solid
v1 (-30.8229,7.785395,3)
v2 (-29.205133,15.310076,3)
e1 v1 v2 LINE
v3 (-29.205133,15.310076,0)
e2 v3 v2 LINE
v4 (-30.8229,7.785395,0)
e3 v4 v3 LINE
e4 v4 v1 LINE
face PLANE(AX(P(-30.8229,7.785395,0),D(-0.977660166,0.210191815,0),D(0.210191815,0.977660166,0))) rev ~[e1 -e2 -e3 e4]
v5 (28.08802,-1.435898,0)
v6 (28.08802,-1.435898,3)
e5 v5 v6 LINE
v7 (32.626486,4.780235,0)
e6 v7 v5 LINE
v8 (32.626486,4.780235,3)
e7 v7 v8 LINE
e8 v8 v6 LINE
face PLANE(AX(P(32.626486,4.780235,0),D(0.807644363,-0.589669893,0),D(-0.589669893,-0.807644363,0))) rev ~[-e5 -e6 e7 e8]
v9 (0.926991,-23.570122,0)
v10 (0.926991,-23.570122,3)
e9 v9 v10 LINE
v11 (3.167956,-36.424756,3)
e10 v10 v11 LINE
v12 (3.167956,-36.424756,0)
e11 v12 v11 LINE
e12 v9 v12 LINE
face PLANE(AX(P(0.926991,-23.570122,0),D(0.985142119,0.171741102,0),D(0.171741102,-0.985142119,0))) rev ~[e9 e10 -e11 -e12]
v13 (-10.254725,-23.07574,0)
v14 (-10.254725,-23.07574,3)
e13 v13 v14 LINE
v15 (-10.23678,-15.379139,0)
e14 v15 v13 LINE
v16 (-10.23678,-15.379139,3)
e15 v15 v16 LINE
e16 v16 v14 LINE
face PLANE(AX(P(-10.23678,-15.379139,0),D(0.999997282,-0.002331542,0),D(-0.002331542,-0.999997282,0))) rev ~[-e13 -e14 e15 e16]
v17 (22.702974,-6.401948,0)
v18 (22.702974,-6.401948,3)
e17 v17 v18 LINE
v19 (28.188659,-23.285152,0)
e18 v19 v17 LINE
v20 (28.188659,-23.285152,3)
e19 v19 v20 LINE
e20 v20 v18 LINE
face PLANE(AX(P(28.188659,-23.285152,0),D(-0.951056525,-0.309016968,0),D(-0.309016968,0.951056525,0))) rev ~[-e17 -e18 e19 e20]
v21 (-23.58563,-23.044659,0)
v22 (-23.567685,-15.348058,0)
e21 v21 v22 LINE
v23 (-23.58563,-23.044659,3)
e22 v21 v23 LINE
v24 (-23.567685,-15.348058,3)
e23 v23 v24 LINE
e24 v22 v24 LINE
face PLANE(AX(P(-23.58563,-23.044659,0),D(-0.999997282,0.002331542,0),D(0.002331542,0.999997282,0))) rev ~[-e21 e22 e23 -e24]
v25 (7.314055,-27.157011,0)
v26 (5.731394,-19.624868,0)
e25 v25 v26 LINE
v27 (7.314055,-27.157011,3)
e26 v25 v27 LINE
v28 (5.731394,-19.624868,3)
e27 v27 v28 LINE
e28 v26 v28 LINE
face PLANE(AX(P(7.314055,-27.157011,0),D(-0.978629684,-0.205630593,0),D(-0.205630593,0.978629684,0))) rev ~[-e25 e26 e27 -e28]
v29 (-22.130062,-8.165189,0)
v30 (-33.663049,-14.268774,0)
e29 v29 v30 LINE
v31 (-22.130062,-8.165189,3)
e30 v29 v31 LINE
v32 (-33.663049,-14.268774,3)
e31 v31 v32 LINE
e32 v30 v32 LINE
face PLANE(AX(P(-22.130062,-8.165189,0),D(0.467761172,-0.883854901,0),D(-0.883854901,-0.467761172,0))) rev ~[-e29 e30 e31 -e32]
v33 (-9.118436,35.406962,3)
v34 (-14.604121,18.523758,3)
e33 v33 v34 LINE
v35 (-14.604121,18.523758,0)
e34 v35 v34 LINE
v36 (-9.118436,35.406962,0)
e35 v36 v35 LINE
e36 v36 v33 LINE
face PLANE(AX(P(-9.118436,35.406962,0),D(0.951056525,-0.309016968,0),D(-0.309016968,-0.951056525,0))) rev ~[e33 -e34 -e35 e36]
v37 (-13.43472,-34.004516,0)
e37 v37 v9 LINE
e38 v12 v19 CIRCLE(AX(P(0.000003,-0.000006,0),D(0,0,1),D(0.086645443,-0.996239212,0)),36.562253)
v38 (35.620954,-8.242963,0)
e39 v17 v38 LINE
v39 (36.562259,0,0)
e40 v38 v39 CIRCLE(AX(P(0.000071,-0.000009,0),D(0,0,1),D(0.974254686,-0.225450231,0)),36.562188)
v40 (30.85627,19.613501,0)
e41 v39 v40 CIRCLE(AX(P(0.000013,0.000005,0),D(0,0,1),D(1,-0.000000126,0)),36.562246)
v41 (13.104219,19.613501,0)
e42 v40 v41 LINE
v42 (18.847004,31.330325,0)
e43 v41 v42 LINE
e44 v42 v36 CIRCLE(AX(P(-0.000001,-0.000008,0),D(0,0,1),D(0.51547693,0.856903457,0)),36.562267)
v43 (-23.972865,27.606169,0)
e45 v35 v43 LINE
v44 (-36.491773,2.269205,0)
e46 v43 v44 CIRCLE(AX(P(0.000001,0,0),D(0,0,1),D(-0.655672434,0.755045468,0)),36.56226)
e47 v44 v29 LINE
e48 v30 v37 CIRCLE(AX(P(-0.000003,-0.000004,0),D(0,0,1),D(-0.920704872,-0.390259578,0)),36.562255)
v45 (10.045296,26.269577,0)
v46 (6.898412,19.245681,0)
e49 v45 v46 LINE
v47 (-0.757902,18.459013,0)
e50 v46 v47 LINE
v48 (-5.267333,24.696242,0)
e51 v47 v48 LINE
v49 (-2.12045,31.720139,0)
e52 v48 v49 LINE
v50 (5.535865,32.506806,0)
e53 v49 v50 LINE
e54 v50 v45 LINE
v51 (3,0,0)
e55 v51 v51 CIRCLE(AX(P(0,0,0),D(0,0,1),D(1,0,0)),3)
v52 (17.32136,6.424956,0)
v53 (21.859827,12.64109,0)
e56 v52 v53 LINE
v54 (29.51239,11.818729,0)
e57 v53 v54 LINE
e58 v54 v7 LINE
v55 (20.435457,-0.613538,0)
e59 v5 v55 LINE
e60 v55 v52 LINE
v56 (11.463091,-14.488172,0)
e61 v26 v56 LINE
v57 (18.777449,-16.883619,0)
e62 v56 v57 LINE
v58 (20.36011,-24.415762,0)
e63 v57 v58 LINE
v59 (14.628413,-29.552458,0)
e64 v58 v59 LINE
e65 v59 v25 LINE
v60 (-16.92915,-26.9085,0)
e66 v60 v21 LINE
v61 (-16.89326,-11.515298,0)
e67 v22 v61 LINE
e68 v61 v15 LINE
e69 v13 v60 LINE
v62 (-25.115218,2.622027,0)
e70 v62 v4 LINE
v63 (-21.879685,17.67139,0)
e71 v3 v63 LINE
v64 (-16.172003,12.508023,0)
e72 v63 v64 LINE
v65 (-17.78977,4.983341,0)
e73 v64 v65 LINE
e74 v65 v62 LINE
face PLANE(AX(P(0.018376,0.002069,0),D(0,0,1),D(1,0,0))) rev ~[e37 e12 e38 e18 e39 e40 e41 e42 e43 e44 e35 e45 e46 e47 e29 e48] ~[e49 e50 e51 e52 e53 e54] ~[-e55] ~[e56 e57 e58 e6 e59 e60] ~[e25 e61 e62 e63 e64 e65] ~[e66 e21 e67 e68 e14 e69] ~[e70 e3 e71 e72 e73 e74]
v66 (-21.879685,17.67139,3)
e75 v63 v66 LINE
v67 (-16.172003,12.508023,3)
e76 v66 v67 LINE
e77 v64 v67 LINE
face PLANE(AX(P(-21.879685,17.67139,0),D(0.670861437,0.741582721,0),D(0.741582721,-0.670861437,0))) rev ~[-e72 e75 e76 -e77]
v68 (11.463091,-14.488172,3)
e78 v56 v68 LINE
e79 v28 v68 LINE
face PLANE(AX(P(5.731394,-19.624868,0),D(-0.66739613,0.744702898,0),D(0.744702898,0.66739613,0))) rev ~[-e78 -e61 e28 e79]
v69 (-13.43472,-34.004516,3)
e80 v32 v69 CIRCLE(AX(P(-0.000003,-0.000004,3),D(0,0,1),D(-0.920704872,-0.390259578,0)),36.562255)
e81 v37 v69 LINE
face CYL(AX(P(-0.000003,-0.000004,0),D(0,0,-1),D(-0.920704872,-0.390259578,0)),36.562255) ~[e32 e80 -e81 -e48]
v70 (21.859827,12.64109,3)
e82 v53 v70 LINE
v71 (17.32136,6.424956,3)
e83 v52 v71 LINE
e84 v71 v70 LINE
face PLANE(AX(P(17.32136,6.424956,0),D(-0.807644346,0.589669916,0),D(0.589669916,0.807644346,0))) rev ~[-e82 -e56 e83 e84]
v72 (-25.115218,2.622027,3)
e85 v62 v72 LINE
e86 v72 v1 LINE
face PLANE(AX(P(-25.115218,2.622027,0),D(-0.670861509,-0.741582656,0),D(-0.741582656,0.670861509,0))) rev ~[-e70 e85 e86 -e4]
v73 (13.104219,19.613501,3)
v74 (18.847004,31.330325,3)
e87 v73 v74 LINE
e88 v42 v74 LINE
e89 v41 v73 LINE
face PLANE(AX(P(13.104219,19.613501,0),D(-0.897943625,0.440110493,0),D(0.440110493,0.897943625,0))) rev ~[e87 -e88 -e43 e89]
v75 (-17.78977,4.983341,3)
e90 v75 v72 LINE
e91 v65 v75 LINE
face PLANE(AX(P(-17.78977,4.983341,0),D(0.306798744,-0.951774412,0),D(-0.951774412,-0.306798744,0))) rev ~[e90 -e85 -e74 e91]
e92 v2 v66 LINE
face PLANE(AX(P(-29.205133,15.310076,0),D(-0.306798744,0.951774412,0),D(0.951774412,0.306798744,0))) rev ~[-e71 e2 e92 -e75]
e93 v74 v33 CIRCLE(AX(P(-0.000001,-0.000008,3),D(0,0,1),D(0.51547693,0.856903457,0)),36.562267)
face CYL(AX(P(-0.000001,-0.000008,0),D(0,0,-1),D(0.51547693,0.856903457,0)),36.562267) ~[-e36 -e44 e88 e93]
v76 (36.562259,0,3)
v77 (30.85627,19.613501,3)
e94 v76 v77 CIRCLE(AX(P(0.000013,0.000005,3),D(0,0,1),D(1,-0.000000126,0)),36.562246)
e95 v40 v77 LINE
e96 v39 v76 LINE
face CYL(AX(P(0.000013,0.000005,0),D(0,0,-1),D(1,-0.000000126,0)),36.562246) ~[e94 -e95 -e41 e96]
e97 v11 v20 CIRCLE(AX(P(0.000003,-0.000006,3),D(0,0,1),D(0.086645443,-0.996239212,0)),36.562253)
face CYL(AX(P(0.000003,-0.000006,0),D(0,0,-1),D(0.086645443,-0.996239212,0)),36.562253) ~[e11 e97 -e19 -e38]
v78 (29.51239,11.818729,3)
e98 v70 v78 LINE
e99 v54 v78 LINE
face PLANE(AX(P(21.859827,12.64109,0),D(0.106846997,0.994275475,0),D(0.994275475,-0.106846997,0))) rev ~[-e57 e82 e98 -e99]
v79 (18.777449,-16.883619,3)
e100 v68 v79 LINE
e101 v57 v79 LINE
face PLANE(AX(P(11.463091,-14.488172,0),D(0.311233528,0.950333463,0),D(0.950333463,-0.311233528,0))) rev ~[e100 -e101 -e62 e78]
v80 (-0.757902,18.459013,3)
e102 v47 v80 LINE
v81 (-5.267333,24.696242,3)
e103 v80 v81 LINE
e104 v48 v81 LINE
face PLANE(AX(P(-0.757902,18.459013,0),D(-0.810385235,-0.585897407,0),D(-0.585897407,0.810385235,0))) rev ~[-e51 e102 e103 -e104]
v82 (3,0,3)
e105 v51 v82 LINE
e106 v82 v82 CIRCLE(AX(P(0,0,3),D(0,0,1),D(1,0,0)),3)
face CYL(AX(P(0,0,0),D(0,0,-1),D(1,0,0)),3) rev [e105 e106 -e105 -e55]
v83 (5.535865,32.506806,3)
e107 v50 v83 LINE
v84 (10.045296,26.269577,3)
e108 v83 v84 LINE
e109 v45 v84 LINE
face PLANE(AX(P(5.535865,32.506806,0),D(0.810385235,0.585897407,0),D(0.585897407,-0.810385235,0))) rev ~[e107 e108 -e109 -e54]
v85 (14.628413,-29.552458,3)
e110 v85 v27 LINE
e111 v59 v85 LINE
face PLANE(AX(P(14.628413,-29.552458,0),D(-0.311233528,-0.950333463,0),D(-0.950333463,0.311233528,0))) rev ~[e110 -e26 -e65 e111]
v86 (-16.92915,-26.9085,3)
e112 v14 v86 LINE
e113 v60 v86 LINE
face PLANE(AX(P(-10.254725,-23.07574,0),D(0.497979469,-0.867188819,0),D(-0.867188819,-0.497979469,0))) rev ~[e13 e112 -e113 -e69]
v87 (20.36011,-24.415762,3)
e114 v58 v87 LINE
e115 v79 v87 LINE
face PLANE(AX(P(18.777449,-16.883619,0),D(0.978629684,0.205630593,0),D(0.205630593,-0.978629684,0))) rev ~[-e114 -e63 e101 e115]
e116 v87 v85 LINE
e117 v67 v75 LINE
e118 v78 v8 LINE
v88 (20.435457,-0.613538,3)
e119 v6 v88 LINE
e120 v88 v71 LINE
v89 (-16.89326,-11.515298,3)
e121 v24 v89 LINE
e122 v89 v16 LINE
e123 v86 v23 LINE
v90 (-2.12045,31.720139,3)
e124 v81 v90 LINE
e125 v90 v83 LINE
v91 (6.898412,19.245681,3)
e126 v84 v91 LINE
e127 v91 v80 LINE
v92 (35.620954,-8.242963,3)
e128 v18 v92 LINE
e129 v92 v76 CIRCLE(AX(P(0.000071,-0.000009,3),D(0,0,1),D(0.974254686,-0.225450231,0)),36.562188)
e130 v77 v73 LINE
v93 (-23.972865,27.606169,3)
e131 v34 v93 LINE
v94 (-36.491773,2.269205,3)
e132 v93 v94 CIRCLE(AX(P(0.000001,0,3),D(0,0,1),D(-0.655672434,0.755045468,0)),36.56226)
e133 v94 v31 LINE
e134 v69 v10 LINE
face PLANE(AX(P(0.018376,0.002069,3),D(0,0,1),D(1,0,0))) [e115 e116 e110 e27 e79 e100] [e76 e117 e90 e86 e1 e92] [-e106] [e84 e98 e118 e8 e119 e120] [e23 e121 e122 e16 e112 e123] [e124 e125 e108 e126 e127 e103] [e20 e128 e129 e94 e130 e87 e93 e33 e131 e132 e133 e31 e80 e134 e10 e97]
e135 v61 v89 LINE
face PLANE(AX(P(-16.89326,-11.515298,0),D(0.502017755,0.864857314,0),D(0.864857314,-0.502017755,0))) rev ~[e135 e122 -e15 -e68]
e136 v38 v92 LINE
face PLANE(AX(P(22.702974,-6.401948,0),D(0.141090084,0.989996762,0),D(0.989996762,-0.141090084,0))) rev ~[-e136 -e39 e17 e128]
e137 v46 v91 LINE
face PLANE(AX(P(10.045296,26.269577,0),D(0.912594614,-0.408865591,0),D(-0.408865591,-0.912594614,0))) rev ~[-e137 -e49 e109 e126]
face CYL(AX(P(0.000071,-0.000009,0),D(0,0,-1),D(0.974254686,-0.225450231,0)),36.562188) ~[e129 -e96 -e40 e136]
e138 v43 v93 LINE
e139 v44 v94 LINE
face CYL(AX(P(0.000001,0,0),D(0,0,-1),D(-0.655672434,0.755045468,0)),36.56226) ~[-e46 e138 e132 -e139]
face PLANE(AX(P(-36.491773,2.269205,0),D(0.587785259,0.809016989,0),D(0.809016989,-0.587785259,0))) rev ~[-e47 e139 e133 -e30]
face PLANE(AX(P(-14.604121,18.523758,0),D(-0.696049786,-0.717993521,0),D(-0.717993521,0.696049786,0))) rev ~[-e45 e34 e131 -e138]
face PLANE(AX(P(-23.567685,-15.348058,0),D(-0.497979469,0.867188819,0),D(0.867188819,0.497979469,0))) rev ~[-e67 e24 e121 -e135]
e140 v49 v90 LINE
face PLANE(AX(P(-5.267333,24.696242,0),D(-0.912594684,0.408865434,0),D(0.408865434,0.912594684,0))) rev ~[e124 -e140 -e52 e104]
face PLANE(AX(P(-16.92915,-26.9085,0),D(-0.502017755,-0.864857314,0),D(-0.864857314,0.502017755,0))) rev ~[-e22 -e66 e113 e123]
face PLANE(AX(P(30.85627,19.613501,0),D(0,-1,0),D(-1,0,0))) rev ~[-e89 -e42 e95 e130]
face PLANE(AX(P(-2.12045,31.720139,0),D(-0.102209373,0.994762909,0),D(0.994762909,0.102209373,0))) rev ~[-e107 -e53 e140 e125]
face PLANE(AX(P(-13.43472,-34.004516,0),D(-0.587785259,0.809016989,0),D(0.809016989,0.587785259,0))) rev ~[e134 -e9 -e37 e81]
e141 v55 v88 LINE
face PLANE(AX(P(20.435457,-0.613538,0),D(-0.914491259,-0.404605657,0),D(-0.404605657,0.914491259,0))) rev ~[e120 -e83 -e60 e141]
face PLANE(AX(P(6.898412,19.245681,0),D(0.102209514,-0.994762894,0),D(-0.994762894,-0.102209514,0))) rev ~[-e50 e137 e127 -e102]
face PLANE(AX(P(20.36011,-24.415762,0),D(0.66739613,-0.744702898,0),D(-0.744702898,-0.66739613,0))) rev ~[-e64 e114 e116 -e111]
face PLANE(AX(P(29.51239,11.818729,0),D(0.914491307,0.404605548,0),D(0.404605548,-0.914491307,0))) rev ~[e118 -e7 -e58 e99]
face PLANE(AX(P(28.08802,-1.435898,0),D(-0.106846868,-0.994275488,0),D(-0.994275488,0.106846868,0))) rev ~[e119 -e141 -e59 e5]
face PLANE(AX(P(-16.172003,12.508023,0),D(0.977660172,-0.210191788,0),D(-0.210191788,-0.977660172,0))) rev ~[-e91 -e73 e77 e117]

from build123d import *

# Parameters (mm, degrees)
F0_R     = 3
F1_DEPTH = 3


with BuildPart() as f1:
    # F0 (on Top) → F1 (new body)
    with BuildSketch(Plane.XY):
        with BuildLine():
            ThreePointArc((35.620954, -8.242963), (36.326171, -4.148268), (36.562259, 0))
            ThreePointArc((36.562259, 0), (35.106793, 10.213321), (30.85627, 19.613501))
            Line((30.85627, 19.613501), (13.104219, 19.613501))
            Line((13.104219, 19.613501), (18.847004, 31.330325))
            ThreePointArc((18.847004, 31.330325), (5.274088, 36.179867), (-9.118436, 35.406962))
            Line((-9.118436, 35.406962), (-14.604121, 18.523758))
            Line((-14.604121, 18.523758), (-23.972865, 27.606169))
            ThreePointArc((-23.972865, 27.606169), (-32.779316, 16.196149), (-36.491773, 2.269205))
            Line((-36.491773, 2.269205), (-22.130062, -8.165189))
            Line((-22.130062, -8.165189), (-33.663049, -14.268774))
            ThreePointArc((-33.663049, -14.268774), (-25.532819, -26.170097), (-13.43472, -34.004516))
            Line((-13.43472, -34.004516), (0.926991, -23.570122))
            Line((0.926991, -23.570122), (3.167956, -36.424756))
            ThreePointArc((3.167956, -36.424756), (16.999166, -32.370159), (28.188659, -23.285152))
            Line((28.188659, -23.285152), (22.702974, -6.401948))
            Line((22.702974, -6.401948), (35.620954, -8.242963))
        make_face()
        Polygon((-16.89326, -11.515298), (-10.23678, -15.379139), (-10.254725, -23.07574), (-16.92915, -26.9085), (-23.58563, -23.044659), (-23.567685, -15.348058), align=None, mode=Mode.SUBTRACT)
        Polygon((5.731394, -19.624868), (11.463091, -14.488172), (18.777449, -16.883619), (20.36011, -24.415762), (14.628413, -29.552458), (7.314055, -27.157011), align=None, mode=Mode.SUBTRACT)
        Polygon((-16.172003, 12.508023), (-17.78977, 4.983341), (-25.115218, 2.622027), (-30.8229, 7.785395), (-29.205133, 15.310076), (-21.879685, 17.67139), align=None, mode=Mode.SUBTRACT)
        Circle(F0_R, mode=Mode.SUBTRACT)
        Polygon((20.435457, -0.613538), (17.32136, 6.424956), (21.859827, 12.64109), (29.51239, 11.818729), (32.626486, 4.780235), (28.08802, -1.435898), align=None, mode=Mode.SUBTRACT)
        Polygon((5.535865, 32.506806), (10.045296, 26.269577), (6.898412, 19.245681), (-0.757902, 18.459013), (-5.267333, 24.696242), (-2.12045, 31.720139), align=None, mode=Mode.SUBTRACT)
    extrude(amount=F1_DEPTH)


solid = f1.part
